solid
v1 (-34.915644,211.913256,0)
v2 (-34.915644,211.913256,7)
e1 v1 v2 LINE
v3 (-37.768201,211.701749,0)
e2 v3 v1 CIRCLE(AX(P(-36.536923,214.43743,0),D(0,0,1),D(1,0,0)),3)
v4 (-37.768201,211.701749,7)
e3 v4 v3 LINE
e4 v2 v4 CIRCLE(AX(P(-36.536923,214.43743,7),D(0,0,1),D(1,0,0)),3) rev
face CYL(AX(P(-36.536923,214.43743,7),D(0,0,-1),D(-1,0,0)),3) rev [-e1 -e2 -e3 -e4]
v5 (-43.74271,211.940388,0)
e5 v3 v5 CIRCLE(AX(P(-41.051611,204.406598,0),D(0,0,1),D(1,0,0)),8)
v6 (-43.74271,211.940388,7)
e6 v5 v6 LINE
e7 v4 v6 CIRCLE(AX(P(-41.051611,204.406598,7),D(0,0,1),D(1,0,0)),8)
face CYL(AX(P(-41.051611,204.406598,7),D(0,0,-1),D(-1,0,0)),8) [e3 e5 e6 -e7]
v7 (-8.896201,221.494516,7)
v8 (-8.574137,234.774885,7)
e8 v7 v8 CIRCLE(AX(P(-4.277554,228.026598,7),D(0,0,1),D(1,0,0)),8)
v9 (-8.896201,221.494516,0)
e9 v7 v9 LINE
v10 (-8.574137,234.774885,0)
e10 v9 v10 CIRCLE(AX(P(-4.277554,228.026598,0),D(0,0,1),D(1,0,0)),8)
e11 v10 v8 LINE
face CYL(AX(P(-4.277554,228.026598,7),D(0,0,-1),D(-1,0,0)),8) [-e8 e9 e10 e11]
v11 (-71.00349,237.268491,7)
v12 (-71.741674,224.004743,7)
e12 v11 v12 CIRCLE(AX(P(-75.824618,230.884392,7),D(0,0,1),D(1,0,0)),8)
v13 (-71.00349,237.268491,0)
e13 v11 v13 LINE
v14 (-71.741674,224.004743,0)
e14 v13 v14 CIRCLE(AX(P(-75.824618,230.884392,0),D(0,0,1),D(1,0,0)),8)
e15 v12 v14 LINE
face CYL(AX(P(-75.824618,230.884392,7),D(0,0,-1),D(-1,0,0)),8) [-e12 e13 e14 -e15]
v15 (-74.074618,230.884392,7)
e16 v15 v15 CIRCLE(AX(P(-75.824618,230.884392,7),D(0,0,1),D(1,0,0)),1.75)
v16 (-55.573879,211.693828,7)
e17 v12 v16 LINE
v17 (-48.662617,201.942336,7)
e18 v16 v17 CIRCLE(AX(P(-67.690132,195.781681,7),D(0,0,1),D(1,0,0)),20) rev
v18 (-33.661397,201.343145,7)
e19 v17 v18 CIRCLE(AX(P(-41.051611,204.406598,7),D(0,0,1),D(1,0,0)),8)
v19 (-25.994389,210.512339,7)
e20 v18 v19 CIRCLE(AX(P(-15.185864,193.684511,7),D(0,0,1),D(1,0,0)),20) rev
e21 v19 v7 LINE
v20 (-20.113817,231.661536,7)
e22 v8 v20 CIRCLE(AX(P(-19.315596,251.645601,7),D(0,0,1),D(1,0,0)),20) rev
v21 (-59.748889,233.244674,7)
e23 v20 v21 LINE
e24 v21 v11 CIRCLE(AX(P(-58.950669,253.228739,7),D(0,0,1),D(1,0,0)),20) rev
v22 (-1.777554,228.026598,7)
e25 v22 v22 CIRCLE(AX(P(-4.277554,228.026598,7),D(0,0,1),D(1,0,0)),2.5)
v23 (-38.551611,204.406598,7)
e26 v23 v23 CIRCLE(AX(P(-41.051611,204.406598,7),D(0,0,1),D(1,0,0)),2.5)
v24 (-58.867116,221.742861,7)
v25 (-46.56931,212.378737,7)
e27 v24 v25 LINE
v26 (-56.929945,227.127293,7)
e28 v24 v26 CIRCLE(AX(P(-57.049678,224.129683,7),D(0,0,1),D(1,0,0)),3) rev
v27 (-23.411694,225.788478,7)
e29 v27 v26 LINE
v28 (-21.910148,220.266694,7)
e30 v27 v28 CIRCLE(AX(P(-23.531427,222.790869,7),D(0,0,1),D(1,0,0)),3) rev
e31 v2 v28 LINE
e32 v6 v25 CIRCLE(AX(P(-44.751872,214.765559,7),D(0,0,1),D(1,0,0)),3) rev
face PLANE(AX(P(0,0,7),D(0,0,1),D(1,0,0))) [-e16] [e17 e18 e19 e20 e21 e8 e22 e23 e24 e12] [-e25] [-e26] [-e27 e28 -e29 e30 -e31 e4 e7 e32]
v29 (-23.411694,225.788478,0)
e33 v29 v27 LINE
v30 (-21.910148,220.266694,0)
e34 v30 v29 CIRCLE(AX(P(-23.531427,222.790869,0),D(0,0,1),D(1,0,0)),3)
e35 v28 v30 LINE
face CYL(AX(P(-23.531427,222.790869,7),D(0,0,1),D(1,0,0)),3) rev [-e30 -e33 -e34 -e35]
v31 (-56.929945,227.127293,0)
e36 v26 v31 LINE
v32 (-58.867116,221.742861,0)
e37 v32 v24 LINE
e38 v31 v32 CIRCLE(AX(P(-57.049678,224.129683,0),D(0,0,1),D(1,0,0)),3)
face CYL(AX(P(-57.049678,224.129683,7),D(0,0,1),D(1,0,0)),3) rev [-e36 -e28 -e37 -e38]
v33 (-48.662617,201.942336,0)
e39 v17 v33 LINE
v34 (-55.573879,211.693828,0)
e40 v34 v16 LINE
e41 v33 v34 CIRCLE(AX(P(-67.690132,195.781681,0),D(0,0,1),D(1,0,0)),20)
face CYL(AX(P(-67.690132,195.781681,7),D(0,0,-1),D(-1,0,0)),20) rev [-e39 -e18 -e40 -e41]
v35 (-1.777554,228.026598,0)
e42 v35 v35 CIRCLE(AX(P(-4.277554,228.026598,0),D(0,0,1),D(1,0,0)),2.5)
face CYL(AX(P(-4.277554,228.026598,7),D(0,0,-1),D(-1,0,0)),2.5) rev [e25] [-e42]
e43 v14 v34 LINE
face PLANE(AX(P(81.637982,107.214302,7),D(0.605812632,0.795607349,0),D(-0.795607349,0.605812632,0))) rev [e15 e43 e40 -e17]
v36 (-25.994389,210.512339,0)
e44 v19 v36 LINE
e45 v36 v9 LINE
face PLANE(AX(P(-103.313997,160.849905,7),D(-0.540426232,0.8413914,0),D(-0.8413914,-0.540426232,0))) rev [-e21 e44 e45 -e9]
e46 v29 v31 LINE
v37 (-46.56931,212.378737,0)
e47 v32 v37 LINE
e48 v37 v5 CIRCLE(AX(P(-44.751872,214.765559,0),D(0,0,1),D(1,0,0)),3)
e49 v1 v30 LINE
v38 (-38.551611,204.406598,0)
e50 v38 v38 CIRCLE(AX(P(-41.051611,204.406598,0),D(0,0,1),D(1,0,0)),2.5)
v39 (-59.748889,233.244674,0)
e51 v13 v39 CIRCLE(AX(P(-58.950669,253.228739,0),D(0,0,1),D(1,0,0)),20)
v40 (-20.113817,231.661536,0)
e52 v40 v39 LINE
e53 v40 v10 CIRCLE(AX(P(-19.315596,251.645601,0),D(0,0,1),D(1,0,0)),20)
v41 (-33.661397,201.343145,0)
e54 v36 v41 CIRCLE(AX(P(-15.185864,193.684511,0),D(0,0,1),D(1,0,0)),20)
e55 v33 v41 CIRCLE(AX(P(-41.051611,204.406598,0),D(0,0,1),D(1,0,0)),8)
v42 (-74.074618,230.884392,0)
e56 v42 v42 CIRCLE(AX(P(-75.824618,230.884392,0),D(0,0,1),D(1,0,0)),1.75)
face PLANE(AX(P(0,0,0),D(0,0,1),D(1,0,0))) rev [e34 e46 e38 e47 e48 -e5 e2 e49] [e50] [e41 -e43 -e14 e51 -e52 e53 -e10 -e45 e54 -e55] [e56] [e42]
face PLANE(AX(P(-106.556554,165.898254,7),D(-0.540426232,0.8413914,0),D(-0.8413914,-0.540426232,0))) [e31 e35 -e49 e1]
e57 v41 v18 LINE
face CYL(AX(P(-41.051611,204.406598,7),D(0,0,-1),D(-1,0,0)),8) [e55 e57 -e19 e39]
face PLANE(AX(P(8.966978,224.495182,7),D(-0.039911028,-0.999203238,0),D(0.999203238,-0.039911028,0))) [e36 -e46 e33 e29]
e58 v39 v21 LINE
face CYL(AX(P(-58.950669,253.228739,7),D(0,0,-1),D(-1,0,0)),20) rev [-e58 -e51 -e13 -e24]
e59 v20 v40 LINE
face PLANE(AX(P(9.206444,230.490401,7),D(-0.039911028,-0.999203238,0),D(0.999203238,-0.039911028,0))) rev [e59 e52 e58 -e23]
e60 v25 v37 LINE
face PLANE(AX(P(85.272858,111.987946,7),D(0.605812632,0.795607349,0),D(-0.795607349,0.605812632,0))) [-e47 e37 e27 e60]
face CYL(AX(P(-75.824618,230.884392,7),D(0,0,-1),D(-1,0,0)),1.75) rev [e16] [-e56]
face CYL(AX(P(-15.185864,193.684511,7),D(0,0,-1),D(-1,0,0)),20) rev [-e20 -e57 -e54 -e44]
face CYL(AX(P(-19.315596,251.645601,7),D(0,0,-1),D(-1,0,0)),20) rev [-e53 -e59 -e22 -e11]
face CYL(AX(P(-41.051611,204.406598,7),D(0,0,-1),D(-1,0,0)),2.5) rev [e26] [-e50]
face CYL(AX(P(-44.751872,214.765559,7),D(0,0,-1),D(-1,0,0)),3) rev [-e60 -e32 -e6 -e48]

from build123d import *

# Parameters (mm, degrees)
SKETCH2_R             = 8
SKETCH2_R_2           = 2.5
BOSS_EXTRUDE2_DEPTH   = 7
BOSS_EXTRUDE2_2_DEPTH = 7
SKETCH2_R_3           = 1.75
BOSS_EXTRUDE2_3_DEPTH = 7
BOSS_EXTRUDE3_DEPTH   = 7
FILLET4_R             = 3
FILLET5_R             = 20
FILLET6_R             = 20


with BuildPart() as part:
    # Sketch2 → Boss-Extrude2 (new body)
    with BuildSketch(Plane.XY):
        with Locations((-41.051610566, 204.406598272)):
            Circle(SKETCH2_R)
        with Locations((-41.051610566, 204.406598272)):
            Circle(SKETCH2_R_2, mode=Mode.SUBTRACT)
    extrude(amount=BOSS_EXTRUDE2_DEPTH)



with BuildPart() as body_2:
    # Sketch2 → Boss-Extrude2 2 (new body)
    with BuildSketch(Plane.XY):
        with Locations((-4.277553922, 228.026598272)):
            Circle(SKETCH2_R)
        with Locations((-4.277553922, 228.026598272)):
            Circle(SKETCH2_R_2, mode=Mode.SUBTRACT)
    extrude(amount=BOSS_EXTRUDE2_2_DEPTH)


with BuildPart() as body_3:
    # Sketch2 → Boss-Extrude2 3 (new body)
    with BuildSketch(Plane.XY):
        with Locations((-75.824618393, 230.884392152)):
            Circle(SKETCH2_R)
        with Locations((-75.824618394, 230.884392152)):
            Circle(SKETCH2_R_3, mode=Mode.SUBTRACT)
    extrude(amount=BOSS_EXTRUDE2_3_DEPTH)


with BuildPart() as part_1:
    add(part.part)

    add(body_2.part)  # Boss-Extrude3 merges body 2

    add(body_3.part)  # Boss-Extrude3 merges body 3
    # Sketch2<6> → Boss-Extrude3 (add)
    with BuildSketch(Plane.XY):
        with BuildLine():
            ThreePointArc((-36.432963635, 210.938680676), (-34.320479367, 208.730008128), (-33.190406244, 205.890332276))
            Line((-33.190406244, 205.890332276), (-8.896200854, 221.494515869))
            ThreePointArc((-8.896200854, 221.494515869), (-11.997222262, 225.927379197), (-11.568110377, 231.32019609))
            Line((-11.568110377, 231.32019609), (-68.294595771, 233.586013758))
            ThreePointArc((-68.294595771, 233.586013758), (-68.296973695, 228.176151893), (-71.741674269, 224.004743376))
            Line((-71.741674269, 224.004743376), (-48.769430485, 206.512602952))
            ThreePointArc((-48.769430485, 206.512602952), (-47.416469362, 209.253099331), (-45.134554691, 211.286247048))
            Line((-45.134554691, 211.286247048), (-66.437148094, 227.507037612))
            Line((-66.437148094, 227.507037612), (-13.90449039, 225.408733387))
            Line((-13.90449039, 225.408733387), (-36.432963635, 210.938680676))
        make_face()
    extrude(amount=BOSS_EXTRUDE3_DEPTH)

    # Fillet4
    fillet4_edges = [part_1.edges().sort_by_distance(p)[0] for p in [
        (-45.134554691, 211.286247048, 3.5),
        (-36.432963635, 210.938680676, 3.5),
        (-13.90449039, 225.408733387, 3.5),
        (-66.437148094, 227.507037612, 3.5),
    ]]
    fillet(fillet4_edges, radius=FILLET4_R)

    # Fillet5
    fillet5_edges = [part_1.edges().sort_by_distance(p)[0] for p in [
        (-11.568110377, 231.32019609, 3.5),
        (-68.294595771, 233.586013758, 3.5),
    ]]
    fillet(fillet5_edges, radius=FILLET5_R)

    # Fillet6
    fillet6_edges = [part_1.edges().sort_by_distance(p)[0] for p in [
        (-33.190406244, 205.890332276, 3.5),
        (-48.769430485, 206.512602952, 3.5),
    ]]
    fillet(fillet6_edges, radius=FILLET6_R)


solid = part_1.part
